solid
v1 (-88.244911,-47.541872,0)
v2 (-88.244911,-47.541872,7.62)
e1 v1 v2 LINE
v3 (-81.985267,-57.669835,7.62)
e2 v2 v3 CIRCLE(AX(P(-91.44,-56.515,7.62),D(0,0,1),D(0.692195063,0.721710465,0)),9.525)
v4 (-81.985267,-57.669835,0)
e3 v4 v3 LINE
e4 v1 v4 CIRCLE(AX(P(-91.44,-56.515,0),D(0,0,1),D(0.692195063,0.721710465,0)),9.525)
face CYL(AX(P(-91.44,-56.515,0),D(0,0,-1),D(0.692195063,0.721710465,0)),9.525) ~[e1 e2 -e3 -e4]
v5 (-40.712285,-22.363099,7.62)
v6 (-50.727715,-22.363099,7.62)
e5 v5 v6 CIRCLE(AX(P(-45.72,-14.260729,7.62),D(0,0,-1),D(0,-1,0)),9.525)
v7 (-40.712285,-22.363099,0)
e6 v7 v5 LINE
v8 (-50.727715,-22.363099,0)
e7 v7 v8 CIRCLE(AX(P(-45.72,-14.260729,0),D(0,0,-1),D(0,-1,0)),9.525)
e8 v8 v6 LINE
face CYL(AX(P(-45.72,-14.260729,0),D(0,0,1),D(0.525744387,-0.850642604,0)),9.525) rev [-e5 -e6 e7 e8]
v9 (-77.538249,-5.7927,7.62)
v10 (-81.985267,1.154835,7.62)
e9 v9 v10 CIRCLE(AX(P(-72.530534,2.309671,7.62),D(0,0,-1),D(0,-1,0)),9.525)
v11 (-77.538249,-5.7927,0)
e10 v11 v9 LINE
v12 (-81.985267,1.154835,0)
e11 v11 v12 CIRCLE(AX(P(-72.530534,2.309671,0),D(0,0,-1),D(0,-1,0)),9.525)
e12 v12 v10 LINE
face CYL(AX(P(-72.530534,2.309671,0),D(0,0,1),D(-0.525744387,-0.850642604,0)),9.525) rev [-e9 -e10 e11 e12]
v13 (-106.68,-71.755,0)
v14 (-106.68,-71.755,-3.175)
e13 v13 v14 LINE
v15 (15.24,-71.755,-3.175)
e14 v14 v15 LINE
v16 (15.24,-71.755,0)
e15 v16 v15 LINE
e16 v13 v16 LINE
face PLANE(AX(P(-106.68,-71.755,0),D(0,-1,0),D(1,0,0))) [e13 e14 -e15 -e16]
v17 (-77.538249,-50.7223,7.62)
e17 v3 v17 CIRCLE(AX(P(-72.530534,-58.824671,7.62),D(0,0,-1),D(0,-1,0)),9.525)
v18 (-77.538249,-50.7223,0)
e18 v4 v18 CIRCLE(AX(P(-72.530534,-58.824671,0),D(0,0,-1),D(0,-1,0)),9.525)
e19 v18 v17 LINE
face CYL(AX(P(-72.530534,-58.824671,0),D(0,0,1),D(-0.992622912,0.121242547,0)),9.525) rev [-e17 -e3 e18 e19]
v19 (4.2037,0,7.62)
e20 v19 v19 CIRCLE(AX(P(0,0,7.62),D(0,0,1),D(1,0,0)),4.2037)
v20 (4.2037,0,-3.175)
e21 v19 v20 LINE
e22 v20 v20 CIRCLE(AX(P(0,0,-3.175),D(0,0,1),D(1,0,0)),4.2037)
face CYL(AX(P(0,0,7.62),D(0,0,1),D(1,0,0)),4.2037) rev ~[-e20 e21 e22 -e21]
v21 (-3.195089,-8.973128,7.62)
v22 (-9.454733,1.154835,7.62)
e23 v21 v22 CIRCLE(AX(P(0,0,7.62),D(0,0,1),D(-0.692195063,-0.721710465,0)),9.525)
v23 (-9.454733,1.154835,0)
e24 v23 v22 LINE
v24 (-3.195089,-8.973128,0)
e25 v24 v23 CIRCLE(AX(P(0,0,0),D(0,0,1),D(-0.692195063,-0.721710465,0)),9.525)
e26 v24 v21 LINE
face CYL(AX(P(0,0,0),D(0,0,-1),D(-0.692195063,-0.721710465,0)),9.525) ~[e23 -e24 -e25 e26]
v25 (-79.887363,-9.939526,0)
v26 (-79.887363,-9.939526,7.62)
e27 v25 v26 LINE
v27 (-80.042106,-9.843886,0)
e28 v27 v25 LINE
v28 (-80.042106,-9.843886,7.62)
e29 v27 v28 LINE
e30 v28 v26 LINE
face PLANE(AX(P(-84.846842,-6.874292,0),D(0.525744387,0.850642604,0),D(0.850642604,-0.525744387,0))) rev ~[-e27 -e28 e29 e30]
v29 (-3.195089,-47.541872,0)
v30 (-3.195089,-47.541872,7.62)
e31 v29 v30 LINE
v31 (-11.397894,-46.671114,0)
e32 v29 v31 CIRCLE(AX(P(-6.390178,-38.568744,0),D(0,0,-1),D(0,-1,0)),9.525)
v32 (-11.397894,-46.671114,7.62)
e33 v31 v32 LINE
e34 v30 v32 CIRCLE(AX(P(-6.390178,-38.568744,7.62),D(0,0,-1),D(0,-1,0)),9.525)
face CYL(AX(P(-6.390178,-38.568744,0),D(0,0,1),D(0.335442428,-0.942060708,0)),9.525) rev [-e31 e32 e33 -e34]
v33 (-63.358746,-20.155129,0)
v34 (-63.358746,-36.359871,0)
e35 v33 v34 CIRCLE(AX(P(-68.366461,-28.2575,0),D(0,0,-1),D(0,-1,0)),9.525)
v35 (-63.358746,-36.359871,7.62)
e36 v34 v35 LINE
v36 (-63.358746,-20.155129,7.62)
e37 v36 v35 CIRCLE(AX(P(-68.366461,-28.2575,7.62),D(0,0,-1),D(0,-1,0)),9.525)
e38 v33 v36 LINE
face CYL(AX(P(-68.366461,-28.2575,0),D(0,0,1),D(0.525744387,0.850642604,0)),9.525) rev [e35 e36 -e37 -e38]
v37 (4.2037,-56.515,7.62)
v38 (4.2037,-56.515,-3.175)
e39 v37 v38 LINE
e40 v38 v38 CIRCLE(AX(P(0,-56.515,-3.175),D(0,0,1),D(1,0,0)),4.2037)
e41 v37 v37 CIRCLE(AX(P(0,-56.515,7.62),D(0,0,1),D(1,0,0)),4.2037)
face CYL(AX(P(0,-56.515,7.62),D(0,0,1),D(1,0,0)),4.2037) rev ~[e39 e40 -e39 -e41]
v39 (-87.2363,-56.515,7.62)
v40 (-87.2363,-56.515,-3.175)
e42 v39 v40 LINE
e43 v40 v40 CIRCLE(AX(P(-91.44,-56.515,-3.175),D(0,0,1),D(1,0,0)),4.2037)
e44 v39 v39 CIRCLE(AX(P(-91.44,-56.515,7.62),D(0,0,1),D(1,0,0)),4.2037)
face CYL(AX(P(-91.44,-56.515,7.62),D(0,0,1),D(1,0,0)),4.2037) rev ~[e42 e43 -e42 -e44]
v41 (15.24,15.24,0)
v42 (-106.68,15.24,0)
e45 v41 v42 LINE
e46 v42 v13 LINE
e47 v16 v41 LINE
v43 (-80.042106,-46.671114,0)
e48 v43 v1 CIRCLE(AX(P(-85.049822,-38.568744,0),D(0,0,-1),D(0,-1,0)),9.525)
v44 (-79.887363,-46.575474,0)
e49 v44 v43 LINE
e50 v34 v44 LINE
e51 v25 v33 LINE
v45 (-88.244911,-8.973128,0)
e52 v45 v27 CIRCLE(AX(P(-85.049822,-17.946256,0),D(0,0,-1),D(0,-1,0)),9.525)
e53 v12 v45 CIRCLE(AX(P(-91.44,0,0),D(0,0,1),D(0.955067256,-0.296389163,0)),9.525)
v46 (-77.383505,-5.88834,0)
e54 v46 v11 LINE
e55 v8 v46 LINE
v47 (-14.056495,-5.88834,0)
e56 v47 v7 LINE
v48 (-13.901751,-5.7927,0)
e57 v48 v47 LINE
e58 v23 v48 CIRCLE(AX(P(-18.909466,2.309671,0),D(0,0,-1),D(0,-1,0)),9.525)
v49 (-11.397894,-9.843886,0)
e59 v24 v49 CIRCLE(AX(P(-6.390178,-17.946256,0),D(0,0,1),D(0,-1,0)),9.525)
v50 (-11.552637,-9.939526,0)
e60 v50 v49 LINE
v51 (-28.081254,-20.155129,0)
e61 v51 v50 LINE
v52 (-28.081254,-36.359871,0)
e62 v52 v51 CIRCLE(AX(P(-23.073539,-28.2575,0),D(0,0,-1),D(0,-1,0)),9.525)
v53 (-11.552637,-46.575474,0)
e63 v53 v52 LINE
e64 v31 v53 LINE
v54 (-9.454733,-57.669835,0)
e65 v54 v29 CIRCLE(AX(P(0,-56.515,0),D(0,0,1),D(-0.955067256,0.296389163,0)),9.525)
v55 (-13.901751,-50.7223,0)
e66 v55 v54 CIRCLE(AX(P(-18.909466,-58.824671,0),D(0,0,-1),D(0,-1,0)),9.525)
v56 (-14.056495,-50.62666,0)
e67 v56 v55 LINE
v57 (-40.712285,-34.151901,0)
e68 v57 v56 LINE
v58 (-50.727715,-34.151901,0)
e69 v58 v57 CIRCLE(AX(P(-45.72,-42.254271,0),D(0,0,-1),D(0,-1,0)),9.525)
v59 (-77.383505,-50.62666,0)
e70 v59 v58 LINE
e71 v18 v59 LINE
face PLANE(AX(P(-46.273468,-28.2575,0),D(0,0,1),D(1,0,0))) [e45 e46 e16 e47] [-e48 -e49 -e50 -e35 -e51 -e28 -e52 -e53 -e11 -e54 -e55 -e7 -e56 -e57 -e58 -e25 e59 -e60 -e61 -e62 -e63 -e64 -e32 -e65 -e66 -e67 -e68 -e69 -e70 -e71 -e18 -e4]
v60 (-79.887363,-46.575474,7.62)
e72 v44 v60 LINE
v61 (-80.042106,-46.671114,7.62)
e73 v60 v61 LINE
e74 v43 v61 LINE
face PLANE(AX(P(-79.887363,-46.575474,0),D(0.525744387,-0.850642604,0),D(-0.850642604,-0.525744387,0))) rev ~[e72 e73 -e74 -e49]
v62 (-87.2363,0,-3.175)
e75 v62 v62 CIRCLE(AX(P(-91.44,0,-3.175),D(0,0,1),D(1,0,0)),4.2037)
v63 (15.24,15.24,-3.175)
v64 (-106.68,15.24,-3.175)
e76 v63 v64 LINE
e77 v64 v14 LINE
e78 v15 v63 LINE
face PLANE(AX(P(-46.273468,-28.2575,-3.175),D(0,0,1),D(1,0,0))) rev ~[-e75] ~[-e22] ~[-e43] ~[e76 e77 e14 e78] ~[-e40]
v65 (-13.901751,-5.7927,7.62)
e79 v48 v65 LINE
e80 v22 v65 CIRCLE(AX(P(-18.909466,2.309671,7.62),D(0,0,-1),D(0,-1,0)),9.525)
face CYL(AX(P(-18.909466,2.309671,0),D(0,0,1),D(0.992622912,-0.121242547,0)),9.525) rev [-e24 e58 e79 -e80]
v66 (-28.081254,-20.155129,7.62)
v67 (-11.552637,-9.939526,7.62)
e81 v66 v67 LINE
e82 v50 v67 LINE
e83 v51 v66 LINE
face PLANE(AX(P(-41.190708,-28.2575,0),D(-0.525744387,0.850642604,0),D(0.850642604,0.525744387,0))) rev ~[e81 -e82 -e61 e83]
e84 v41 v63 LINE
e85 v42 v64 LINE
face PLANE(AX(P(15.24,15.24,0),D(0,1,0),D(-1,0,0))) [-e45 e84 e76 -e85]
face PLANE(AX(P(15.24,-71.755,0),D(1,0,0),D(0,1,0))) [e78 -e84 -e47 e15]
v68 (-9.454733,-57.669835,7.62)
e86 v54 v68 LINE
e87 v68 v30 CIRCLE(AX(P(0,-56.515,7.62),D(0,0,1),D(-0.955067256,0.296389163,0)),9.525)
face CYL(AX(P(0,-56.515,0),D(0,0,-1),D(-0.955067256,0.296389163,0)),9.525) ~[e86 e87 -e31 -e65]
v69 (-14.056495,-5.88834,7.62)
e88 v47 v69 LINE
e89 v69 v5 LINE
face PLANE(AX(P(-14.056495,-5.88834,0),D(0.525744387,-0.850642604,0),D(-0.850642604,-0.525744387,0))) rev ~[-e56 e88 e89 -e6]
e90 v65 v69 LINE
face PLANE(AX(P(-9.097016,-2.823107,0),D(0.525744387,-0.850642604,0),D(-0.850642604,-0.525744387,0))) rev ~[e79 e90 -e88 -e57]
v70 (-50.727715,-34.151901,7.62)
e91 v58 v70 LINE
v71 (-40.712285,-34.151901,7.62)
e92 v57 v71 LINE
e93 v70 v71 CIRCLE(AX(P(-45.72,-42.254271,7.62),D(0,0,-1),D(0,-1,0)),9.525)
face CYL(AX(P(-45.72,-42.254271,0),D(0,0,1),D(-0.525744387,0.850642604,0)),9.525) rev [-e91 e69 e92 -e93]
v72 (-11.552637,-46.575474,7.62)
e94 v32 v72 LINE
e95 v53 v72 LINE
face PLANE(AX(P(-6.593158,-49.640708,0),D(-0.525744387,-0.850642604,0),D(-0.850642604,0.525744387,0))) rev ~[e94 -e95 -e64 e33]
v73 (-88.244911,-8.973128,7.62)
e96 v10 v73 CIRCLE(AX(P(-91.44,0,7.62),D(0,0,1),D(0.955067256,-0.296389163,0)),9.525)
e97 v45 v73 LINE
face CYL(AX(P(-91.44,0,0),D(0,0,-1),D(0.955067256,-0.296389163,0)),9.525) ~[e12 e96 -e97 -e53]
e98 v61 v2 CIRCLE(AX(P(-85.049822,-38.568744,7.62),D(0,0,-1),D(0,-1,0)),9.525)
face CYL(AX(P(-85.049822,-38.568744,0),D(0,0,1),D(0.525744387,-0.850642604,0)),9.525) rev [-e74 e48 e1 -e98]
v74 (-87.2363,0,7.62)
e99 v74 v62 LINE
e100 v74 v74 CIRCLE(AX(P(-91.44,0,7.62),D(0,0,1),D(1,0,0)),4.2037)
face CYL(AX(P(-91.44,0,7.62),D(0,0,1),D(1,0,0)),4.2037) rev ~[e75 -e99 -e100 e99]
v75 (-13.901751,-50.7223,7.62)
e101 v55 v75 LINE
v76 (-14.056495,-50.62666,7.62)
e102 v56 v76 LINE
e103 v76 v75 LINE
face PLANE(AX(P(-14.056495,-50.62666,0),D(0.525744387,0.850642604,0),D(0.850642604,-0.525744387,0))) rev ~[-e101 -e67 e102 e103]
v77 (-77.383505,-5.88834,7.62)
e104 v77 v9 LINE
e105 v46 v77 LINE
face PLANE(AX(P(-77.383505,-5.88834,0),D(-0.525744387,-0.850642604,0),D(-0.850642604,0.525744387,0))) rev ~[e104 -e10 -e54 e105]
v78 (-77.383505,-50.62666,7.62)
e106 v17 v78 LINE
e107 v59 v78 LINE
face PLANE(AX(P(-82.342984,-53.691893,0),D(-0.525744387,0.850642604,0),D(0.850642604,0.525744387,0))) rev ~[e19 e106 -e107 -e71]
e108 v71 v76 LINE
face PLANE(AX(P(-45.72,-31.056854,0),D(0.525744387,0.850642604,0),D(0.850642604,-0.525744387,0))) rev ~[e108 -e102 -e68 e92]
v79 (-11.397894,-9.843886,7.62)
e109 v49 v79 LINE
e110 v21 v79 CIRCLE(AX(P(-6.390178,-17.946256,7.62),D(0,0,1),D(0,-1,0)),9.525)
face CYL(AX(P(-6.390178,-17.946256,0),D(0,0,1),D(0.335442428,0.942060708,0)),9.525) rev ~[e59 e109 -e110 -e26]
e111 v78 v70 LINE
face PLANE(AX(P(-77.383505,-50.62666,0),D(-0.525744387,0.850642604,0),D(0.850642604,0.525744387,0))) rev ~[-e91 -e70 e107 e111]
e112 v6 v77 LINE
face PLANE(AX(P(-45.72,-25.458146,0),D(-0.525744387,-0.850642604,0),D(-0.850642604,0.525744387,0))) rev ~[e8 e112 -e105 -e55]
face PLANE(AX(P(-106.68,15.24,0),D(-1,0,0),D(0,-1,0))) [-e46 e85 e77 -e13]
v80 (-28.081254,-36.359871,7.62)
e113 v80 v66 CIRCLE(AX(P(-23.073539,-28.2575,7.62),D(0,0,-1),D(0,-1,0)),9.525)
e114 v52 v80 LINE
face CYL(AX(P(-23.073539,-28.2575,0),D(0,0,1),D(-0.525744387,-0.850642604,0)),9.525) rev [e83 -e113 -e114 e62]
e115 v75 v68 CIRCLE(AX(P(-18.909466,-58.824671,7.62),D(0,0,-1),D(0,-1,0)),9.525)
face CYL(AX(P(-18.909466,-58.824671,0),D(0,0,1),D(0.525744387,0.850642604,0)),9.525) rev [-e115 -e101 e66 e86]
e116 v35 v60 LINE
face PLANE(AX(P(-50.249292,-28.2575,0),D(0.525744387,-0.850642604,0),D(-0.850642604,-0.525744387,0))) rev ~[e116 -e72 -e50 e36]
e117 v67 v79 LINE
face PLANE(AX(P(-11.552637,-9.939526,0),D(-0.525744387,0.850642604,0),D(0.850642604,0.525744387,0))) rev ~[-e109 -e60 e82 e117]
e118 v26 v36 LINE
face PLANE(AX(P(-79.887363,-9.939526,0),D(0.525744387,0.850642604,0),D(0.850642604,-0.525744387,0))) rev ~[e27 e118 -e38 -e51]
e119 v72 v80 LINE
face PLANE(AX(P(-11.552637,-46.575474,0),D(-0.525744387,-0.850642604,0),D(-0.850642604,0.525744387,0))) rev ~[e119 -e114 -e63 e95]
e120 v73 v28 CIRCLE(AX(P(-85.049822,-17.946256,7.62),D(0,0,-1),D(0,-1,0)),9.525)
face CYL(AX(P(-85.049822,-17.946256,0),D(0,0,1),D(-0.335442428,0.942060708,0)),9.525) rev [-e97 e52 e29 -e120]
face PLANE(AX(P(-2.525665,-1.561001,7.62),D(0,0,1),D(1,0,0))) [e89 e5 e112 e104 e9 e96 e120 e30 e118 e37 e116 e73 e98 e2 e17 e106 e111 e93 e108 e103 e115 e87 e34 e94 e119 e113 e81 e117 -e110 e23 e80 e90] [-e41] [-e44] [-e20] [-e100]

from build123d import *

# Parameters (mm, degrees)
F1_DEPTH = 3.175
F3_DEPTH = 7.62
F4_R     = 9.525
F5_R     = 4.2037
F6_DEPTH = 10.796


with BuildPart() as f1:
    # F0 (on Top) → F1 (new body)
    with BuildSketch(Plane.XY):
        with BuildLine():
            Line((15.24, -56.515), (15.24, 0))
            ThreePointArc((15.24, 0), (-10.7763073453, -10.7763073453), (0, 15.24))
            Line((0, 15.24), (-91.44, 15.24))
            ThreePointArc((-91.44, 15.24), (-80.6636926547, 10.7763073453), (-76.2, 0))
            ThreePointArc((-76.2, 0), (-91.44, -15.24), (-106.68, 0))
            Line((-106.68, 0), (-106.68, -56.515))
            ThreePointArc((-106.68, -56.515), (-91.44, -41.275), (-76.2, -56.515))
            ThreePointArc((-76.2, -56.515), (-80.6636926547, -67.2913073453), (-91.44, -71.755))
            Line((-91.44, -71.755), (0, -71.755))
            ThreePointArc((0, -71.755), (-10.7763073453, -45.7386926547), (15.24, -56.515))
        make_face()
        with BuildLine():
            ThreePointArc((-106.68, -56.515), (-102.2163073453, -67.2913073453), (-91.44, -71.755))
            ThreePointArc((-91.44, -71.755), (-80.6636926547, -67.2913073453), (-76.2, -56.515))
            ThreePointArc((-76.2, -56.515), (-91.44, -41.275), (-106.68, -56.515))
        make_face()
        with BuildLine():
            ThreePointArc((-76.2, 0), (-80.6636926547, 10.7763073453), (-91.44, 15.24))
            ThreePointArc((-91.44, 15.24), (-102.2163073453, 10.7763073453), (-106.68, 0))
            ThreePointArc((-106.68, 0), (-91.44, -15.24), (-76.2, 0))
        make_face()
        with BuildLine():
            ThreePointArc((0, 15.24), (-10.7763073453, -10.7763073453), (15.24, 0))
            ThreePointArc((15.24, 0), (10.7763073453, 10.7763073453), (0, 15.24))
        make_face()
        with BuildLine():
            ThreePointArc((0, -71.755), (10.7763073453, -67.2913073453), (15.24, -56.515))
            ThreePointArc((15.24, -56.515), (-10.7763073453, -45.7386926547), (0, -71.755))
        make_face()
        with BuildLine():
            Line((15.24, -71.755), (15.24, -56.515))
            ThreePointArc((15.24, -56.515), (10.7763073453, -67.2913073453), (0, -71.755))
            Line((0, -71.755), (15.24, -71.755))
        make_face()
        with BuildLine():
            Line((-106.68, -71.755), (-91.44, -71.755))
            ThreePointArc((-91.44, -71.755), (-102.2163073453, -67.2913073453), (-106.68, -56.515))
            Line((-106.68, -56.515), (-106.68, -71.755))
        make_face()
        with BuildLine():
            ThreePointArc((-106.68, 0), (-102.2163073453, 10.7763073453), (-91.44, 15.24))
            Line((-91.44, 15.24), (-106.68, 15.24))
            Line((-106.68, 15.24), (-106.68, 0))
        make_face()
        with BuildLine():
            ThreePointArc((0, 15.24), (10.7763073453, 10.7763073453), (15.24, 0))
            Line((15.24, 0), (15.24, 15.24))
            Line((15.24, 15.24), (0, 15.24))
        make_face()
    extrude(amount=-F1_DEPTH)

    # F2 (on face) → F3 (join)
    with BuildSketch(Plane.XY):
        with BuildLine():
            Line((-9.0970156165, -2.8231067769), (-14.056494823, -5.8883404532))
            ThreePointArc((-14.056494823, -5.8883404532), (-12.9637932823, -8.0123444592), (-11.5526371794, -9.9395258539))
            Line((-11.5526371794, -9.9395258539), (-6.593157973, -6.8742921776))
            ThreePointArc((-6.593157973, -6.8742921776), (8.1023708015, 5.007715287), (-9.0970156165, -2.8231067769))
        make_face()
        with BuildLine():
            ThreePointArc((-11.5526371794, -46.5754741461), (-12.9637932823, -48.5026555408), (-14.056494823, -50.6266595468))
            Line((-14.056494823, -50.6266595468), (-9.0970156165, -53.6918932231))
            ThreePointArc((-9.0970156165, -53.6918932231), (8.1023708015, -61.522715287), (-6.593157973, -49.6407078224))
            Line((-6.593157973, -49.6407078224), (-11.5526371794, -46.5754741461))
        make_face()
        with BuildLine():
            ThreePointArc((-77.383505177, -50.6266595468), (-78.4762067177, -48.5026555408), (-79.8873628206, -46.5754741461))
            Line((-79.8873628206, -46.5754741461), (-84.846842027, -49.6407078224))
            ThreePointArc((-84.846842027, -49.6407078224), (-99.5423708015, -61.522715287), (-82.3429843835, -53.6918932231))
            Line((-82.3429843835, -53.6918932231), (-77.383505177, -50.6266595468))
        make_face()
        with BuildLine():
            ThreePointArc((-82.3429843835, -2.8231067769), (-99.5423708015, 5.007715287), (-84.846842027, -6.8742921776))
            Line((-84.846842027, -6.8742921776), (-79.8873628206, -9.9395258539))
            ThreePointArc((-79.8873628206, -9.9395258539), (-78.4762067177, -8.0123444592), (-77.383505177, -5.8883404532))
            Line((-77.383505177, -5.8883404532), (-82.3429843835, -2.8231067769))
        make_face()
        with BuildLine():
            ThreePointArc((-77.383505177, -5.8883404532), (-78.4762067177, -8.0123444592), (-79.8873628206, -9.9395258539))
            Line((-79.8873628206, -9.9395258539), (-50.249292292, -28.2575))
            Line((-50.249292292, -28.2575), (-79.8873628206, -46.5754741461))
            ThreePointArc((-79.8873628206, -46.5754741461), (-78.4762067177, -48.5026555408), (-77.383505177, -50.6266595468))
            Line((-77.383505177, -50.6266595468), (-45.72, -31.0568542638))
            Line((-45.72, -31.0568542638), (-14.056494823, -50.6266595468))
            ThreePointArc((-14.056494823, -50.6266595468), (-12.9637932823, -48.5026555408), (-11.5526371794, -46.5754741461))
            Line((-11.5526371794, -46.5754741461), (-41.190707708, -28.2575))
            Line((-41.190707708, -28.2575), (-11.5526371794, -9.9395258539))
            ThreePointArc((-11.5526371794, -9.9395258539), (-12.9637932823, -8.0123444592), (-14.056494823, -5.8883404532))
            Line((-14.056494823, -5.8883404532), (-45.72, -25.4581457362))
            Line((-45.72, -25.4581457362), (-77.383505177, -5.8883404532))
        make_face()
    extrude(amount=F3_DEPTH)

    # F4
    f4_edges = [f1.edges().sort_by_distance(p)[0] for p in [
        (-45.72, -31.056854, 3.81),
        (-82.342984, -53.691893, 3.81),
        (-9.097016, -53.691893, 3.81),
        (-6.593158, -6.874292, 3.81),
        (-84.846842, -49.640708, 3.81),
        (-50.249292, -28.2575, 3.81),
        (-84.846842, -6.874292, 3.81),
        (-82.342984, -2.823107, 3.81),
        (-45.72, -25.458146, 3.81),
        (-9.097016, -2.823107, 3.81),
        (-41.190708, -28.2575, 3.81),
        (-6.593158, -49.640708, 3.81),
    ]]
    fillet(f4_edges, radius=F4_R)

    # F5 (on face) → F6 (cut, through all)
    with BuildSketch(Plane.XY.offset(7.62)):
        with Locations((0, -56.515)):
            Circle(F5_R)
        with Locations((-91.44, -56.515)):
            Circle(F5_R)
        with Locations((-91.44, 0)):
            Circle(F5_R)
        Circle(F5_R)
    extrude(amount=-F6_DEPTH, mode=Mode.SUBTRACT)


solid = f1.part
